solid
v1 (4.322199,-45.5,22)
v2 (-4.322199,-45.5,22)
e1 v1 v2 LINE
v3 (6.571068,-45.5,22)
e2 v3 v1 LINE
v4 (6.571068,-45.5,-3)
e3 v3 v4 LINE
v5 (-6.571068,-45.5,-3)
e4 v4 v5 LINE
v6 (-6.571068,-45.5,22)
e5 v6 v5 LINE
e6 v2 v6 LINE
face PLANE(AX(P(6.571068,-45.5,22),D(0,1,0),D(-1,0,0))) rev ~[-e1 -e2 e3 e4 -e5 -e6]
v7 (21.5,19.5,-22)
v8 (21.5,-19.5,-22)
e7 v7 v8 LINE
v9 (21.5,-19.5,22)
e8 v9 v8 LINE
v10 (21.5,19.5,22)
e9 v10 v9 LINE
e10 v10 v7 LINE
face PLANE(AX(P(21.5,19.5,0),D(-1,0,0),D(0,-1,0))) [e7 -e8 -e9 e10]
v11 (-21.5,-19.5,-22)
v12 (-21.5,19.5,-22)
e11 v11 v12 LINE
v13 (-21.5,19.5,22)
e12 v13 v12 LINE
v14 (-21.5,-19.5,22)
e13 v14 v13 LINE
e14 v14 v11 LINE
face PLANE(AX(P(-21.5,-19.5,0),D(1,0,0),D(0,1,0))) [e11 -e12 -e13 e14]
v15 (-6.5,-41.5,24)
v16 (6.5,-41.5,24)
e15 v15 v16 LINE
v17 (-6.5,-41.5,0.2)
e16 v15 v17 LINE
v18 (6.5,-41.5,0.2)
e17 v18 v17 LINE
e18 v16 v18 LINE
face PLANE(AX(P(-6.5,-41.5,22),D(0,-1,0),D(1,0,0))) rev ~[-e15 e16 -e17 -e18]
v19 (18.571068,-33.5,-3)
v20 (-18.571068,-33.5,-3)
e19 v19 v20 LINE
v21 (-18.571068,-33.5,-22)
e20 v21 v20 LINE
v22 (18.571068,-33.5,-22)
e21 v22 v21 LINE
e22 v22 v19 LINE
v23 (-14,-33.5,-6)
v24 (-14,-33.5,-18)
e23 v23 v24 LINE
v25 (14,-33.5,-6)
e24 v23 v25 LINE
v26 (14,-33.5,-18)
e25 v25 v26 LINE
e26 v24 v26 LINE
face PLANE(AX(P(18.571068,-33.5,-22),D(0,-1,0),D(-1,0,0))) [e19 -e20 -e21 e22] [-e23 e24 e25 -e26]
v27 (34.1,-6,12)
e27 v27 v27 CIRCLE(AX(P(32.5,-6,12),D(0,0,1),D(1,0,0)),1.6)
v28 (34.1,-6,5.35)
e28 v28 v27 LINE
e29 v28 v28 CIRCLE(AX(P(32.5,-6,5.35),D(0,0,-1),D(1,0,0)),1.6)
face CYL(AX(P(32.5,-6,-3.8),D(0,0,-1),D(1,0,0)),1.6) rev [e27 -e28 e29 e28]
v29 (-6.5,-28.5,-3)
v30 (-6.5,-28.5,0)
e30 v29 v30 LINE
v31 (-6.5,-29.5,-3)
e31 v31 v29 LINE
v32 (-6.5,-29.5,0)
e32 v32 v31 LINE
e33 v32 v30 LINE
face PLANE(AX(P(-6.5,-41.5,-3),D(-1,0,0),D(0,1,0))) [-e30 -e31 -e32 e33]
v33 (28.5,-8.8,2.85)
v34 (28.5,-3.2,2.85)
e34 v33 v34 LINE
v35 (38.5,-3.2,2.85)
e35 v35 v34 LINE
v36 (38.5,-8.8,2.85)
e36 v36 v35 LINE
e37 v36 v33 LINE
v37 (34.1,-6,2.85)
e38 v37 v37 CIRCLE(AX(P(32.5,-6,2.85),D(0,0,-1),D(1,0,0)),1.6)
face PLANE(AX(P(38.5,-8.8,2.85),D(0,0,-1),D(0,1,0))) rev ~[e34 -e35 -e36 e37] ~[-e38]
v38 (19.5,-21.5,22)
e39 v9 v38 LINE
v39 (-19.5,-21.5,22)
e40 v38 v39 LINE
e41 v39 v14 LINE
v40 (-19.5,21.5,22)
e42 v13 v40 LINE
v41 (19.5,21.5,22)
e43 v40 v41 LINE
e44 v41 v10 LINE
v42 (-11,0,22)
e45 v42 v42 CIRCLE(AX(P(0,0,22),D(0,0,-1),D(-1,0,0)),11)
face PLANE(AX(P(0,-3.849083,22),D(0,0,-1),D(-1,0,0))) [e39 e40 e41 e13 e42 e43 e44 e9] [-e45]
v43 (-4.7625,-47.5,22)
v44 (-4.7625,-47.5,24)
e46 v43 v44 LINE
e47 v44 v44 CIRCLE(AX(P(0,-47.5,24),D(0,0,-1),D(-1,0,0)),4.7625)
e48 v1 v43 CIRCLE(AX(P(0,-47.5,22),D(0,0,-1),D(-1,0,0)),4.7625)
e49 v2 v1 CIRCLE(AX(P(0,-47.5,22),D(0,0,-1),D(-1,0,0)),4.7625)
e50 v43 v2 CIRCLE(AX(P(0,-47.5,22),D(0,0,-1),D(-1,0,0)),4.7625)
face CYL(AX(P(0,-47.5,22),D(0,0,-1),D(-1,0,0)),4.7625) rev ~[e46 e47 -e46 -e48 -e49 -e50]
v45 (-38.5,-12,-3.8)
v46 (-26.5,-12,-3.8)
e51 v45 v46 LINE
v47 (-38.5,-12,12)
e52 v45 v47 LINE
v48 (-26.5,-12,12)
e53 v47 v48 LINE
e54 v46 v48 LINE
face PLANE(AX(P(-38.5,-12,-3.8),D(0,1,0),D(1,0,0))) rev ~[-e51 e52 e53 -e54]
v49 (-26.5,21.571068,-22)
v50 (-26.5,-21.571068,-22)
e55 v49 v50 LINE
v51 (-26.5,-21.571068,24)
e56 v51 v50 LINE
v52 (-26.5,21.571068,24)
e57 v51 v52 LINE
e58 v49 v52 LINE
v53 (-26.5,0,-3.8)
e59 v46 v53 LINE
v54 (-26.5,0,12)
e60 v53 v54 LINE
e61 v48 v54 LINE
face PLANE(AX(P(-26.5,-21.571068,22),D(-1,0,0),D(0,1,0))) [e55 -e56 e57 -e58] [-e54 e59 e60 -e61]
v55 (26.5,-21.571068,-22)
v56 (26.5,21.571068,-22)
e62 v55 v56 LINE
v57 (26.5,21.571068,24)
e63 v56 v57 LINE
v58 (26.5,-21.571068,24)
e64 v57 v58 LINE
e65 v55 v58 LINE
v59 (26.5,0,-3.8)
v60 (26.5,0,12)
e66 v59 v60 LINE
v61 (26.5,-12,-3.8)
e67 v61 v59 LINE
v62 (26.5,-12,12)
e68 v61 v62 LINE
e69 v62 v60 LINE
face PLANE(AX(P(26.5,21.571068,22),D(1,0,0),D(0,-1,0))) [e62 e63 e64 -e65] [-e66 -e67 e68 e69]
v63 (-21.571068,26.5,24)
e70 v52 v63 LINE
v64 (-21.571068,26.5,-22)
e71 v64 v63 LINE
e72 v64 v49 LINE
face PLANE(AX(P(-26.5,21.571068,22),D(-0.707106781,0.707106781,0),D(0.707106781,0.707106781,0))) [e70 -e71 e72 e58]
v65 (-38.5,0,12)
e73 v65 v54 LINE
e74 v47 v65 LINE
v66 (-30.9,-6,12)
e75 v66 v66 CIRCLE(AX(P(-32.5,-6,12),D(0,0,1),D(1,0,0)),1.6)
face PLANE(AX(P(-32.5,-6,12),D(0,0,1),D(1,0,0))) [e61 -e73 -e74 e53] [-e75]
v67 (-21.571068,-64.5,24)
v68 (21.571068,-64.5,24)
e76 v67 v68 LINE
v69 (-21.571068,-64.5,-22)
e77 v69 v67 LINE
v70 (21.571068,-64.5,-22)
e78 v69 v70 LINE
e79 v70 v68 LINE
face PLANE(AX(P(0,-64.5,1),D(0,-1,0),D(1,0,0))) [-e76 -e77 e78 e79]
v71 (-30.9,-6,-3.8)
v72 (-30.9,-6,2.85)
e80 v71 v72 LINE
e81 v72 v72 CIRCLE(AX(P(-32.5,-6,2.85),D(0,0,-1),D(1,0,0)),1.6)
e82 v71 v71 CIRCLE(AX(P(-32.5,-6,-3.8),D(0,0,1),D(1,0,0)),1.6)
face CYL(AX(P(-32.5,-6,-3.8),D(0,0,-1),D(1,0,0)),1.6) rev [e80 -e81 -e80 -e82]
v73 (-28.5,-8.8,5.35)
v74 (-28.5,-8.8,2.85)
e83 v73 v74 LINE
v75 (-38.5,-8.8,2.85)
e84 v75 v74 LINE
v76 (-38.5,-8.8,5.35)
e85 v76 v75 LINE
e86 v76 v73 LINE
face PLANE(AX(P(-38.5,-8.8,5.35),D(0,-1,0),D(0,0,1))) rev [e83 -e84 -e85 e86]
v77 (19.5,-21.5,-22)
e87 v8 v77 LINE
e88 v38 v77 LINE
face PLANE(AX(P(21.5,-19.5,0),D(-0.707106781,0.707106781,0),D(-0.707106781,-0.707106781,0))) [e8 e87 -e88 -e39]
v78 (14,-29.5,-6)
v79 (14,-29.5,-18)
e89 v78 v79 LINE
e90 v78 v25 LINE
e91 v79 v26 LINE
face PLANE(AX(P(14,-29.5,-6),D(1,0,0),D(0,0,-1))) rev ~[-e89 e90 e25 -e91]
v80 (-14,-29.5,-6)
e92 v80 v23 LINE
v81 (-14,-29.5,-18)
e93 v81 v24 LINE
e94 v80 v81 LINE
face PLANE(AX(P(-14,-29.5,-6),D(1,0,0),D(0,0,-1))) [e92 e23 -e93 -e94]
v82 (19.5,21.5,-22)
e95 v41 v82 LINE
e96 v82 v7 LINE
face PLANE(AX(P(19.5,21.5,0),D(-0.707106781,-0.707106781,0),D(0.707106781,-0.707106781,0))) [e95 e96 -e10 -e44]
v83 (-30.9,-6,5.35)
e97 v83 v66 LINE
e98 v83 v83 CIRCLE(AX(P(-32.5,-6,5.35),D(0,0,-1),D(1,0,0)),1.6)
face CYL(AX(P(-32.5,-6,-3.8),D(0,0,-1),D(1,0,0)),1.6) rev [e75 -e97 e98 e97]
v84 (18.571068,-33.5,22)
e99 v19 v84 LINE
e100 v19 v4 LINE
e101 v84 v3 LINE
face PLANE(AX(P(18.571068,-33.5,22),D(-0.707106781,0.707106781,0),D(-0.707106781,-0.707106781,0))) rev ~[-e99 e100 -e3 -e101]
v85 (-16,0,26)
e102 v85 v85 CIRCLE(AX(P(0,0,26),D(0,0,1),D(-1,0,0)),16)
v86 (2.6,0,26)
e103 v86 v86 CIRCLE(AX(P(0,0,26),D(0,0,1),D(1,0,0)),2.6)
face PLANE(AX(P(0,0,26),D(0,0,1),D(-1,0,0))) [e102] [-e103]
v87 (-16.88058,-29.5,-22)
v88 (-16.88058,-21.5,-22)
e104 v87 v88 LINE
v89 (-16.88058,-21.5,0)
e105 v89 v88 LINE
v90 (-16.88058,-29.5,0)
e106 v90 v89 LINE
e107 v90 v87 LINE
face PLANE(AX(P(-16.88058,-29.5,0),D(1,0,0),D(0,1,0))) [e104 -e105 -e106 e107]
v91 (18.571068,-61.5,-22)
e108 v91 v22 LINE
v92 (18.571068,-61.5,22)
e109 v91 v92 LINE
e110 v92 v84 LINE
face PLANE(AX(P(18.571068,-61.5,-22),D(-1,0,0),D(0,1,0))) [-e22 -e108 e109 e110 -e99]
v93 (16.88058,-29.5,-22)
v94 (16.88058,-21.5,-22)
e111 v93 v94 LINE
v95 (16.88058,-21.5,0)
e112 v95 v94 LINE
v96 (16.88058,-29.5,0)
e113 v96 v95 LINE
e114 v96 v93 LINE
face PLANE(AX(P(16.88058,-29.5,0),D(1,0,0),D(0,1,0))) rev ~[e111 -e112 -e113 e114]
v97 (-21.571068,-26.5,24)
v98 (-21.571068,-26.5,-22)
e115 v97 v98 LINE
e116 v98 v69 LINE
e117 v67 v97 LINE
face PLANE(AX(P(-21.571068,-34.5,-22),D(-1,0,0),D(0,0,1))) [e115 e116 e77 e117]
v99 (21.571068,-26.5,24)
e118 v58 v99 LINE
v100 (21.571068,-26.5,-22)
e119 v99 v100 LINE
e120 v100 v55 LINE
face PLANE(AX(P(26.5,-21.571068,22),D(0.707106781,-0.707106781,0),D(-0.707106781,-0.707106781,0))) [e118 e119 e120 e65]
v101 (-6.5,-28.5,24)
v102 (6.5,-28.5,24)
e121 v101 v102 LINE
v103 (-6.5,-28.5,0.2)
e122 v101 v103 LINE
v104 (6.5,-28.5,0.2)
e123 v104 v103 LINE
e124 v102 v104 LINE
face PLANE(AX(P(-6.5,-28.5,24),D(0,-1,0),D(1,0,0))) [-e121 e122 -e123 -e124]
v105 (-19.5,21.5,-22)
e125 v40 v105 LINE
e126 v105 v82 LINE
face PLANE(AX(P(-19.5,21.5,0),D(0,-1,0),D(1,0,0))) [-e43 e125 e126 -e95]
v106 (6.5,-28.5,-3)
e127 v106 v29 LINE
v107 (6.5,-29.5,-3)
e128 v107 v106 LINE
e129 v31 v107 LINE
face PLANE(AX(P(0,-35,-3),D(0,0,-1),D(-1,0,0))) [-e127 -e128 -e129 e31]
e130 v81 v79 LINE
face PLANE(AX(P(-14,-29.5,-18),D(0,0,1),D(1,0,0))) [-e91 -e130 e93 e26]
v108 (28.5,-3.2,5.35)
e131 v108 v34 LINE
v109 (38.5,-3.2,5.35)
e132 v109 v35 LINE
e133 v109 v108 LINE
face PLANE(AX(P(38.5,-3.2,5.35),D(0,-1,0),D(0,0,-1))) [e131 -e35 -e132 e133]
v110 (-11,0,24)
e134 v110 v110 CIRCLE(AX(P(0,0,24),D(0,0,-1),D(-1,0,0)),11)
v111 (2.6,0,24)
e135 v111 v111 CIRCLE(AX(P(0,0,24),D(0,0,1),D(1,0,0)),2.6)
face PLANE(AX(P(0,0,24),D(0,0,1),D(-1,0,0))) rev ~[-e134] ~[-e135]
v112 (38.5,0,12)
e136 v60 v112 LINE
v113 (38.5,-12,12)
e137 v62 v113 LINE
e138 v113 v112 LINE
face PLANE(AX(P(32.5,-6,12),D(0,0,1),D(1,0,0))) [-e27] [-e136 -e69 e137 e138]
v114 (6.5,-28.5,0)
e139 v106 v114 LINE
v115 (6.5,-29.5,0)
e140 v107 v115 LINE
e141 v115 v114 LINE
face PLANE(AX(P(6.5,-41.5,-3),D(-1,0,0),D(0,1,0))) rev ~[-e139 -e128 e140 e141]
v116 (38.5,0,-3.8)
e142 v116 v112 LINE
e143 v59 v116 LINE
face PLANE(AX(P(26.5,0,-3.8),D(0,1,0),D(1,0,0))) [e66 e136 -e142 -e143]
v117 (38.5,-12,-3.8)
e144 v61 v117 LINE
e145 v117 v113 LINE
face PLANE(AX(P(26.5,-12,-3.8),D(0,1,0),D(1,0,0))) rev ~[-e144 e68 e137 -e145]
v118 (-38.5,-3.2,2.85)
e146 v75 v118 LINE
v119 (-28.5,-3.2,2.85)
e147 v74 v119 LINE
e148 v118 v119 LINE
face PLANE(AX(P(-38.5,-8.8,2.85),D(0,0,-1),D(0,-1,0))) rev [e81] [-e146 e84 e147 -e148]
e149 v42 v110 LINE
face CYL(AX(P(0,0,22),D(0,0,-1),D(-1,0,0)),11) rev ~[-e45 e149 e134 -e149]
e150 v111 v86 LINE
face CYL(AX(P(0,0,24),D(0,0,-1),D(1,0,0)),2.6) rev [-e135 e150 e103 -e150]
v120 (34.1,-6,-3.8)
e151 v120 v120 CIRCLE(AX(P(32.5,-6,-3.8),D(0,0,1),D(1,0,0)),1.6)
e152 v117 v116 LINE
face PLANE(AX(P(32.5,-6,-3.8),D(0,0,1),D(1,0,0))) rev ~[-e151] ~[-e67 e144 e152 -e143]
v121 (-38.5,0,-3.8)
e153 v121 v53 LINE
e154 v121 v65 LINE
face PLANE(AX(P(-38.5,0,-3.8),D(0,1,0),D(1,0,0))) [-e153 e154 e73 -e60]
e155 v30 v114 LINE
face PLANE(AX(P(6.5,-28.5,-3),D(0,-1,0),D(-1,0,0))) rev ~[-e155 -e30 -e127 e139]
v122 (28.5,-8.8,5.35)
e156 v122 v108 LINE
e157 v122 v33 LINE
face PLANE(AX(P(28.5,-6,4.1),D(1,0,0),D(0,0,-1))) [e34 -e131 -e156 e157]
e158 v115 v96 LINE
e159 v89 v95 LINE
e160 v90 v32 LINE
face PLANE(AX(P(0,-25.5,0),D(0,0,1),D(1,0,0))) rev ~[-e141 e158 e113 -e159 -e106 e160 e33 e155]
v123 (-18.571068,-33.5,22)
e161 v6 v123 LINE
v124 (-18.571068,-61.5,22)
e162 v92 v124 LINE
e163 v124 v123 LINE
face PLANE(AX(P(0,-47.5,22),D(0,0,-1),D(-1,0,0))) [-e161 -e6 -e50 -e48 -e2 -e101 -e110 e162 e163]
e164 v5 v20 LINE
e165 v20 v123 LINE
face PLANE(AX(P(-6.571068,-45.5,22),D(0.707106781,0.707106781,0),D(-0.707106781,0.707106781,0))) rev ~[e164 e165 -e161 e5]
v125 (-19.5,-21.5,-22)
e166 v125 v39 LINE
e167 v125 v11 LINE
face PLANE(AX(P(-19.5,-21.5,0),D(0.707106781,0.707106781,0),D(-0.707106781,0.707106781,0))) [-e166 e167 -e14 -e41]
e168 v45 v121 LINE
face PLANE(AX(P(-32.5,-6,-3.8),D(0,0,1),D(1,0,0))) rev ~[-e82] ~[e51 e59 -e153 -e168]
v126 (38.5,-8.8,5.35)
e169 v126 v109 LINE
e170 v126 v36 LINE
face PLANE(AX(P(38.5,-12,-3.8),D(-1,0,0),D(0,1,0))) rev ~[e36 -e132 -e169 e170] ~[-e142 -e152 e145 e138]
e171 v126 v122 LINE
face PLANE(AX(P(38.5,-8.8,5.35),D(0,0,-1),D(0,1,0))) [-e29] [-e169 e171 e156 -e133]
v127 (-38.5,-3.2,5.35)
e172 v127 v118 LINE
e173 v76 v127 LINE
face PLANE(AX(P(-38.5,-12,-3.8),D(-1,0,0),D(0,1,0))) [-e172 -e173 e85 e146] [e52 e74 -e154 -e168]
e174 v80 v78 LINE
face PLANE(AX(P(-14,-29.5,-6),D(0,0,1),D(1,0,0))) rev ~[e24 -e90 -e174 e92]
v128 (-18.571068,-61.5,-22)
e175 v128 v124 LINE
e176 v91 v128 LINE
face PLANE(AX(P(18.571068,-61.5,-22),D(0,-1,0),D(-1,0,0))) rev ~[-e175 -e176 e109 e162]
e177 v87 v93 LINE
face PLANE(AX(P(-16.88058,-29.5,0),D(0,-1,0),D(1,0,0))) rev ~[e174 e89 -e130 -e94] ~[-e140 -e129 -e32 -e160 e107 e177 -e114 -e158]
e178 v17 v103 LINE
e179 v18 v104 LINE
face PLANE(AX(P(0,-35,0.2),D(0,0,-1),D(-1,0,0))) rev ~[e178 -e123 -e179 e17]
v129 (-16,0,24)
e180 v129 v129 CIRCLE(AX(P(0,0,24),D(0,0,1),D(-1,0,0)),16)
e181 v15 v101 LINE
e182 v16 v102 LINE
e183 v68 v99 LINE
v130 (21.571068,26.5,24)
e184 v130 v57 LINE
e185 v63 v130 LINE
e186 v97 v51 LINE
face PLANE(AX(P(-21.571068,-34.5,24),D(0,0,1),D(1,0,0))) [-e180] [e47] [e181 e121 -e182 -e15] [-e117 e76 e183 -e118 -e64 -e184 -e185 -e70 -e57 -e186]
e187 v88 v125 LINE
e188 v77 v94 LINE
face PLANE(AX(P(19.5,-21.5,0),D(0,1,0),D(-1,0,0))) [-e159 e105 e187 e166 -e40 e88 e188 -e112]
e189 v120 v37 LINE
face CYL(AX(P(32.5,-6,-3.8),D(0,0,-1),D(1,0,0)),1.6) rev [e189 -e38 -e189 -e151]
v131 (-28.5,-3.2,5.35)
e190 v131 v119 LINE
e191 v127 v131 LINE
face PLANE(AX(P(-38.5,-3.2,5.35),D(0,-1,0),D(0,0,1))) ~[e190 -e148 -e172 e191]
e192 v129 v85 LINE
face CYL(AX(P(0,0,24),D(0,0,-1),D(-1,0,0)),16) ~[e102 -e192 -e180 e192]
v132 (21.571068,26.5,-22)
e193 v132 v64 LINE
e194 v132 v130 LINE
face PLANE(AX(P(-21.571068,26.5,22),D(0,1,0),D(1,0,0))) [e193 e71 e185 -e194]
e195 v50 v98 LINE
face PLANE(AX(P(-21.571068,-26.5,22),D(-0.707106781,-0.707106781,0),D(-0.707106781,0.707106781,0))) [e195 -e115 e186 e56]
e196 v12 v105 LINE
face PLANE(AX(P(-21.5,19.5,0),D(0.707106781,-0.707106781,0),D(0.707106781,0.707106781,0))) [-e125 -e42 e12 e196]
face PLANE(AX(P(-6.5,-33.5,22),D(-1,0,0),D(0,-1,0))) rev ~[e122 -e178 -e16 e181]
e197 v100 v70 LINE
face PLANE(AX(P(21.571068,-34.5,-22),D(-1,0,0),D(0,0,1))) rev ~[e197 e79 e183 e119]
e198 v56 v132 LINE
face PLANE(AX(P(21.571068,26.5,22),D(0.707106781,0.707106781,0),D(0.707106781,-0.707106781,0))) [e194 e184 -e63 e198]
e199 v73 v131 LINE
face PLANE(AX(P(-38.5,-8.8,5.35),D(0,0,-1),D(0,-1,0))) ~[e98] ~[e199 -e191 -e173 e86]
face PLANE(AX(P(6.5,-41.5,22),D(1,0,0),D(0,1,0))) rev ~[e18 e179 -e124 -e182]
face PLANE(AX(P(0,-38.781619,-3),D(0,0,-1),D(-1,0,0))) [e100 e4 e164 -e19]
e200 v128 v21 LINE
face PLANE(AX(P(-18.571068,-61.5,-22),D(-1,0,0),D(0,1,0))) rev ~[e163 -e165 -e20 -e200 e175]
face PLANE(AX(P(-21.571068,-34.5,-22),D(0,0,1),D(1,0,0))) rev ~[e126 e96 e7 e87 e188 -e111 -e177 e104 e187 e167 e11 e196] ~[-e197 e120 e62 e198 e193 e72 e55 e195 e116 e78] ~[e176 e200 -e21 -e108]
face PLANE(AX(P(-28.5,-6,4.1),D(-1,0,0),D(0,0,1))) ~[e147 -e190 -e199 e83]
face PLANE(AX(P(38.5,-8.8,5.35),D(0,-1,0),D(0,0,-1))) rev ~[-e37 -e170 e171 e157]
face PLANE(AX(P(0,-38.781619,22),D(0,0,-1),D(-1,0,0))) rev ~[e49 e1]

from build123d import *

# Parameters (mm, degrees)
SALIENTE_EXTRUIR1_DEPTH      = 22
CROQUIS2_W                   = 43.142135624
CROQUIS2_H                   = 44
SALIENTE_EXTRUIR2_DEPTH      = 8
CROQUIS3_W                   = 33.76116098
CROQUIS3_H                   = 8
CORTAR_EXTRUIR1_DEPTH        = 49.74935897
CROQUIS4_R                   = 11
SALIENTE_EXTRUIR4_DEPTH      = 2
CROQUIS7_R                   = 16
CROQUIS7_R_2                 = 2.6
SALIENTE_EXTRUIR5_DEPTH      = 2
CROQUIS6_W                   = 28
CROQUIS6_H                   = 12
CORTAR_EXTRUIR3_DEPTH        = 13
SALIENTE_EXTRUIR6_DEPTH      = 12
SALIENTE_EXTRUIR6_DEPTH_BACK = 3.8
CROQUIS8_W                   = 12
CROQUIS8_H                   = 12
CROQUIS8_R                   = 1.6
CROQUIS9_W                   = 2.5
CROQUIS9_H                   = 5.6
CORTAR_EXTRUIR4_DEPTH        = 10
CROQUIS11_W                  = 43.142135624
CROQUIS11_H                  = 46
SALIENTE_EXTRUIR8_DEPTH      = 30
CROQUIS12_W                  = 37.142135624
CROQUIS12_H                  = 28
CORTAR_EXTRUIR5_DEPTH        = 44
CROQUIS14_W                  = 13
CROQUIS14_H                  = 13
CORTAR_EXTRUIR7_DEPTH        = 25
CROQUIS13_R                  = 4.7625
CORTAR_EXTRUIR6_DEPTH        = 2
SALIENTE_EXTRUIR9_DEPTH      = 25
CROQUIS16_W                  = 13
CROQUIS16_H                  = 13
SALIENTE_EXTRUIR11_DEPTH     = 3.2


with BuildPart() as part:
    # Croquis1 → Saliente-Extruir1 (new, symmetric)
    with BuildSketch(Plane.XY):
        Polygon((26.5, -21.571067812), (26.5, 21.571067812), (21.571067812, 26.5), (-21.571067812, 26.5), (-26.5, 21.571067812), (-26.5, -21.571067812), (-21.571067812, -26.5), (21.571067812, -26.5), align=None)
        Polygon((-19.5, -21.5), (-21.5, -19.5), (-21.5, 19.5), (-19.5, 21.5), (19.5, 21.5), (21.5, 19.5), (21.5, -19.5), (19.5, -21.5), align=None, mode=Mode.SUBTRACT)
    extrude(amount=SALIENTE_EXTRUIR1_DEPTH, both=True)

    # Croquis2 → Saliente-Extruir2 (add)
    with BuildSketch(Plane.XZ.offset(26.5)):
        Rectangle(CROQUIS2_W, CROQUIS2_H)
    extrude(amount=SALIENTE_EXTRUIR2_DEPTH)

    # Croquis3 → Cortar-Extruir1 (cut, through all)
    with BuildSketch(Plane.XY):
        with Locations((0, -25.5)):
            Rectangle(CROQUIS3_W, CROQUIS3_H)
    extrude(amount=-CORTAR_EXTRUIR1_DEPTH, mode=Mode.SUBTRACT)

    # Croquis4 → Saliente-Extruir4 (add)
    with BuildSketch(Plane(origin=(0, 0, 22), x_dir=(-1, 0, 0), z_dir=(0, 0, -1))):
        Polygon((-26.5, -21.571067812), (-21.571067812, -26.5), (-21.571067812, -34.5), (21.571067812, -34.5), (21.571067812, -26.5), (26.5, -21.571067812), (26.5, 21.571067812), (21.571067812, 26.5), (-21.571067812, 26.5), (-26.5, 21.571067812), align=None)
        Circle(CROQUIS4_R, mode=Mode.SUBTRACT)
    extrude(amount=-SALIENTE_EXTRUIR4_DEPTH)

    # Croquis7 → Saliente-Extruir5 (add)
    with BuildSketch(Plane.XY.offset(24)):
        with Locations(Location((0, 0, 0), (0, 0, 180))):
            Circle(CROQUIS7_R)
        Circle(CROQUIS7_R_2, mode=Mode.SUBTRACT)
    extrude(amount=SALIENTE_EXTRUIR5_DEPTH)

    # Croquis6 → Cortar-Extruir3 (cut)
    with BuildSketch(Plane(origin=(0, -29.5, 0), x_dir=(1, 0, 0), z_dir=(0, 1, 0))):
        with Locations((0, 12)):
            Rectangle(CROQUIS6_W, CROQUIS6_H)
    extrude(amount=-CORTAR_EXTRUIR3_DEPTH, mode=Mode.SUBTRACT)

    # Croquis8 → Saliente-Extruir6 (add, two sides: drawn at the far end of the back side and taken through both)
    # profile 1 of 2: a face of its own
    with BuildSketch(Plane.XY.offset(-SALIENTE_EXTRUIR6_DEPTH_BACK)):
        with Locations((-32.5, -6)):
            Rectangle(CROQUIS8_W, CROQUIS8_H)
        with Locations((-32.5, -6)):
            Circle(CROQUIS8_R, mode=Mode.SUBTRACT)
    # profile 2 of 2: a face of its own
    with BuildSketch(Plane.XY.offset(-SALIENTE_EXTRUIR6_DEPTH_BACK)):
        with Locations((32.5, -6)):
            Rectangle(CROQUIS8_W, CROQUIS8_H)
        with Locations((32.5, -6)):
            Circle(CROQUIS8_R, mode=Mode.SUBTRACT)
    extrude(amount=SALIENTE_EXTRUIR6_DEPTH + SALIENTE_EXTRUIR6_DEPTH_BACK)

    # Croquis9 → Cortar-Extruir4 (cut)
    with BuildSketch(Plane(origin=(38.5, 0, 0), x_dir=(0, 0, -1), z_dir=(1, 0, 0))):
        with Locations((-4.1, -6)):
            Rectangle(CROQUIS9_W, CROQUIS9_H)
    cortar_extruir4 = extrude(amount=-CORTAR_EXTRUIR4_DEPTH, mode=Mode.SUBTRACT)

    # Simetría1: Cortar-Extruir4 across plane
    add(cortar_extruir4.mirror(Plane(origin=(0, 0, 0), x_dir=(0, 0, 1), z_dir=(1, 0, 0))), mode=Mode.SUBTRACT)

    # Croquis11 → Saliente-Extruir8 (add)
    with BuildSketch(Plane.XZ.offset(34.5)):
        with Locations((0, 1)):
            Rectangle(CROQUIS11_W, CROQUIS11_H)
    extrude(amount=SALIENTE_EXTRUIR8_DEPTH)

    # Croquis12 → Cortar-Extruir5 (cut)
    with BuildSketch(Plane(origin=(0, 0, -22), x_dir=(-1, 0, 0), z_dir=(0, 0, -1))):
        with Locations((0, -47.5)):
            Rectangle(CROQUIS12_W, CROQUIS12_H)
    extrude(amount=-CORTAR_EXTRUIR5_DEPTH, mode=Mode.SUBTRACT)

    # Croquis14 → Cortar-Extruir7 (cut)
    with BuildSketch(Plane.XY.offset(24)):
        with Locations((0, -35)):
            Rectangle(CROQUIS14_W, CROQUIS14_H)
    extrude(amount=-CORTAR_EXTRUIR7_DEPTH, mode=Mode.SUBTRACT)

    # Croquis13 → Cortar-Extruir6 (cut)
    with BuildSketch(Plane(origin=(0, 0, 22), x_dir=(-1, 0, 0), z_dir=(0, 0, -1))):
        with Locations((0, -47.5)):
            Circle(CROQUIS13_R)
    extrude(amount=-CORTAR_EXTRUIR6_DEPTH, mode=Mode.SUBTRACT)

    # Croquis15 → Saliente-Extruir9 (add)
    with BuildSketch(Plane(origin=(0, 0, 22), x_dir=(-1, 0, 0), z_dir=(0, 0, -1))):
        Polygon((-6.5, -33.5), (-18.571067812, -33.5), (-6.571067812, -45.5), (6.571067812, -45.5), (18.571067812, -33.5), (6.5, -33.5), (6.5, -41.5), (-6.5, -41.5), align=None)
    extrude(amount=SALIENTE_EXTRUIR9_DEPTH)

    # Croquis16 → Saliente-Extruir11 (add)
    with BuildSketch(Plane(origin=(0, 0, -3), x_dir=(-1, 0, 0), z_dir=(0, 0, -1))):
        with Locations((0, -35)):
            Rectangle(CROQUIS16_W, CROQUIS16_H)
    extrude(amount=-SALIENTE_EXTRUIR11_DEPTH)


solid = part.part
